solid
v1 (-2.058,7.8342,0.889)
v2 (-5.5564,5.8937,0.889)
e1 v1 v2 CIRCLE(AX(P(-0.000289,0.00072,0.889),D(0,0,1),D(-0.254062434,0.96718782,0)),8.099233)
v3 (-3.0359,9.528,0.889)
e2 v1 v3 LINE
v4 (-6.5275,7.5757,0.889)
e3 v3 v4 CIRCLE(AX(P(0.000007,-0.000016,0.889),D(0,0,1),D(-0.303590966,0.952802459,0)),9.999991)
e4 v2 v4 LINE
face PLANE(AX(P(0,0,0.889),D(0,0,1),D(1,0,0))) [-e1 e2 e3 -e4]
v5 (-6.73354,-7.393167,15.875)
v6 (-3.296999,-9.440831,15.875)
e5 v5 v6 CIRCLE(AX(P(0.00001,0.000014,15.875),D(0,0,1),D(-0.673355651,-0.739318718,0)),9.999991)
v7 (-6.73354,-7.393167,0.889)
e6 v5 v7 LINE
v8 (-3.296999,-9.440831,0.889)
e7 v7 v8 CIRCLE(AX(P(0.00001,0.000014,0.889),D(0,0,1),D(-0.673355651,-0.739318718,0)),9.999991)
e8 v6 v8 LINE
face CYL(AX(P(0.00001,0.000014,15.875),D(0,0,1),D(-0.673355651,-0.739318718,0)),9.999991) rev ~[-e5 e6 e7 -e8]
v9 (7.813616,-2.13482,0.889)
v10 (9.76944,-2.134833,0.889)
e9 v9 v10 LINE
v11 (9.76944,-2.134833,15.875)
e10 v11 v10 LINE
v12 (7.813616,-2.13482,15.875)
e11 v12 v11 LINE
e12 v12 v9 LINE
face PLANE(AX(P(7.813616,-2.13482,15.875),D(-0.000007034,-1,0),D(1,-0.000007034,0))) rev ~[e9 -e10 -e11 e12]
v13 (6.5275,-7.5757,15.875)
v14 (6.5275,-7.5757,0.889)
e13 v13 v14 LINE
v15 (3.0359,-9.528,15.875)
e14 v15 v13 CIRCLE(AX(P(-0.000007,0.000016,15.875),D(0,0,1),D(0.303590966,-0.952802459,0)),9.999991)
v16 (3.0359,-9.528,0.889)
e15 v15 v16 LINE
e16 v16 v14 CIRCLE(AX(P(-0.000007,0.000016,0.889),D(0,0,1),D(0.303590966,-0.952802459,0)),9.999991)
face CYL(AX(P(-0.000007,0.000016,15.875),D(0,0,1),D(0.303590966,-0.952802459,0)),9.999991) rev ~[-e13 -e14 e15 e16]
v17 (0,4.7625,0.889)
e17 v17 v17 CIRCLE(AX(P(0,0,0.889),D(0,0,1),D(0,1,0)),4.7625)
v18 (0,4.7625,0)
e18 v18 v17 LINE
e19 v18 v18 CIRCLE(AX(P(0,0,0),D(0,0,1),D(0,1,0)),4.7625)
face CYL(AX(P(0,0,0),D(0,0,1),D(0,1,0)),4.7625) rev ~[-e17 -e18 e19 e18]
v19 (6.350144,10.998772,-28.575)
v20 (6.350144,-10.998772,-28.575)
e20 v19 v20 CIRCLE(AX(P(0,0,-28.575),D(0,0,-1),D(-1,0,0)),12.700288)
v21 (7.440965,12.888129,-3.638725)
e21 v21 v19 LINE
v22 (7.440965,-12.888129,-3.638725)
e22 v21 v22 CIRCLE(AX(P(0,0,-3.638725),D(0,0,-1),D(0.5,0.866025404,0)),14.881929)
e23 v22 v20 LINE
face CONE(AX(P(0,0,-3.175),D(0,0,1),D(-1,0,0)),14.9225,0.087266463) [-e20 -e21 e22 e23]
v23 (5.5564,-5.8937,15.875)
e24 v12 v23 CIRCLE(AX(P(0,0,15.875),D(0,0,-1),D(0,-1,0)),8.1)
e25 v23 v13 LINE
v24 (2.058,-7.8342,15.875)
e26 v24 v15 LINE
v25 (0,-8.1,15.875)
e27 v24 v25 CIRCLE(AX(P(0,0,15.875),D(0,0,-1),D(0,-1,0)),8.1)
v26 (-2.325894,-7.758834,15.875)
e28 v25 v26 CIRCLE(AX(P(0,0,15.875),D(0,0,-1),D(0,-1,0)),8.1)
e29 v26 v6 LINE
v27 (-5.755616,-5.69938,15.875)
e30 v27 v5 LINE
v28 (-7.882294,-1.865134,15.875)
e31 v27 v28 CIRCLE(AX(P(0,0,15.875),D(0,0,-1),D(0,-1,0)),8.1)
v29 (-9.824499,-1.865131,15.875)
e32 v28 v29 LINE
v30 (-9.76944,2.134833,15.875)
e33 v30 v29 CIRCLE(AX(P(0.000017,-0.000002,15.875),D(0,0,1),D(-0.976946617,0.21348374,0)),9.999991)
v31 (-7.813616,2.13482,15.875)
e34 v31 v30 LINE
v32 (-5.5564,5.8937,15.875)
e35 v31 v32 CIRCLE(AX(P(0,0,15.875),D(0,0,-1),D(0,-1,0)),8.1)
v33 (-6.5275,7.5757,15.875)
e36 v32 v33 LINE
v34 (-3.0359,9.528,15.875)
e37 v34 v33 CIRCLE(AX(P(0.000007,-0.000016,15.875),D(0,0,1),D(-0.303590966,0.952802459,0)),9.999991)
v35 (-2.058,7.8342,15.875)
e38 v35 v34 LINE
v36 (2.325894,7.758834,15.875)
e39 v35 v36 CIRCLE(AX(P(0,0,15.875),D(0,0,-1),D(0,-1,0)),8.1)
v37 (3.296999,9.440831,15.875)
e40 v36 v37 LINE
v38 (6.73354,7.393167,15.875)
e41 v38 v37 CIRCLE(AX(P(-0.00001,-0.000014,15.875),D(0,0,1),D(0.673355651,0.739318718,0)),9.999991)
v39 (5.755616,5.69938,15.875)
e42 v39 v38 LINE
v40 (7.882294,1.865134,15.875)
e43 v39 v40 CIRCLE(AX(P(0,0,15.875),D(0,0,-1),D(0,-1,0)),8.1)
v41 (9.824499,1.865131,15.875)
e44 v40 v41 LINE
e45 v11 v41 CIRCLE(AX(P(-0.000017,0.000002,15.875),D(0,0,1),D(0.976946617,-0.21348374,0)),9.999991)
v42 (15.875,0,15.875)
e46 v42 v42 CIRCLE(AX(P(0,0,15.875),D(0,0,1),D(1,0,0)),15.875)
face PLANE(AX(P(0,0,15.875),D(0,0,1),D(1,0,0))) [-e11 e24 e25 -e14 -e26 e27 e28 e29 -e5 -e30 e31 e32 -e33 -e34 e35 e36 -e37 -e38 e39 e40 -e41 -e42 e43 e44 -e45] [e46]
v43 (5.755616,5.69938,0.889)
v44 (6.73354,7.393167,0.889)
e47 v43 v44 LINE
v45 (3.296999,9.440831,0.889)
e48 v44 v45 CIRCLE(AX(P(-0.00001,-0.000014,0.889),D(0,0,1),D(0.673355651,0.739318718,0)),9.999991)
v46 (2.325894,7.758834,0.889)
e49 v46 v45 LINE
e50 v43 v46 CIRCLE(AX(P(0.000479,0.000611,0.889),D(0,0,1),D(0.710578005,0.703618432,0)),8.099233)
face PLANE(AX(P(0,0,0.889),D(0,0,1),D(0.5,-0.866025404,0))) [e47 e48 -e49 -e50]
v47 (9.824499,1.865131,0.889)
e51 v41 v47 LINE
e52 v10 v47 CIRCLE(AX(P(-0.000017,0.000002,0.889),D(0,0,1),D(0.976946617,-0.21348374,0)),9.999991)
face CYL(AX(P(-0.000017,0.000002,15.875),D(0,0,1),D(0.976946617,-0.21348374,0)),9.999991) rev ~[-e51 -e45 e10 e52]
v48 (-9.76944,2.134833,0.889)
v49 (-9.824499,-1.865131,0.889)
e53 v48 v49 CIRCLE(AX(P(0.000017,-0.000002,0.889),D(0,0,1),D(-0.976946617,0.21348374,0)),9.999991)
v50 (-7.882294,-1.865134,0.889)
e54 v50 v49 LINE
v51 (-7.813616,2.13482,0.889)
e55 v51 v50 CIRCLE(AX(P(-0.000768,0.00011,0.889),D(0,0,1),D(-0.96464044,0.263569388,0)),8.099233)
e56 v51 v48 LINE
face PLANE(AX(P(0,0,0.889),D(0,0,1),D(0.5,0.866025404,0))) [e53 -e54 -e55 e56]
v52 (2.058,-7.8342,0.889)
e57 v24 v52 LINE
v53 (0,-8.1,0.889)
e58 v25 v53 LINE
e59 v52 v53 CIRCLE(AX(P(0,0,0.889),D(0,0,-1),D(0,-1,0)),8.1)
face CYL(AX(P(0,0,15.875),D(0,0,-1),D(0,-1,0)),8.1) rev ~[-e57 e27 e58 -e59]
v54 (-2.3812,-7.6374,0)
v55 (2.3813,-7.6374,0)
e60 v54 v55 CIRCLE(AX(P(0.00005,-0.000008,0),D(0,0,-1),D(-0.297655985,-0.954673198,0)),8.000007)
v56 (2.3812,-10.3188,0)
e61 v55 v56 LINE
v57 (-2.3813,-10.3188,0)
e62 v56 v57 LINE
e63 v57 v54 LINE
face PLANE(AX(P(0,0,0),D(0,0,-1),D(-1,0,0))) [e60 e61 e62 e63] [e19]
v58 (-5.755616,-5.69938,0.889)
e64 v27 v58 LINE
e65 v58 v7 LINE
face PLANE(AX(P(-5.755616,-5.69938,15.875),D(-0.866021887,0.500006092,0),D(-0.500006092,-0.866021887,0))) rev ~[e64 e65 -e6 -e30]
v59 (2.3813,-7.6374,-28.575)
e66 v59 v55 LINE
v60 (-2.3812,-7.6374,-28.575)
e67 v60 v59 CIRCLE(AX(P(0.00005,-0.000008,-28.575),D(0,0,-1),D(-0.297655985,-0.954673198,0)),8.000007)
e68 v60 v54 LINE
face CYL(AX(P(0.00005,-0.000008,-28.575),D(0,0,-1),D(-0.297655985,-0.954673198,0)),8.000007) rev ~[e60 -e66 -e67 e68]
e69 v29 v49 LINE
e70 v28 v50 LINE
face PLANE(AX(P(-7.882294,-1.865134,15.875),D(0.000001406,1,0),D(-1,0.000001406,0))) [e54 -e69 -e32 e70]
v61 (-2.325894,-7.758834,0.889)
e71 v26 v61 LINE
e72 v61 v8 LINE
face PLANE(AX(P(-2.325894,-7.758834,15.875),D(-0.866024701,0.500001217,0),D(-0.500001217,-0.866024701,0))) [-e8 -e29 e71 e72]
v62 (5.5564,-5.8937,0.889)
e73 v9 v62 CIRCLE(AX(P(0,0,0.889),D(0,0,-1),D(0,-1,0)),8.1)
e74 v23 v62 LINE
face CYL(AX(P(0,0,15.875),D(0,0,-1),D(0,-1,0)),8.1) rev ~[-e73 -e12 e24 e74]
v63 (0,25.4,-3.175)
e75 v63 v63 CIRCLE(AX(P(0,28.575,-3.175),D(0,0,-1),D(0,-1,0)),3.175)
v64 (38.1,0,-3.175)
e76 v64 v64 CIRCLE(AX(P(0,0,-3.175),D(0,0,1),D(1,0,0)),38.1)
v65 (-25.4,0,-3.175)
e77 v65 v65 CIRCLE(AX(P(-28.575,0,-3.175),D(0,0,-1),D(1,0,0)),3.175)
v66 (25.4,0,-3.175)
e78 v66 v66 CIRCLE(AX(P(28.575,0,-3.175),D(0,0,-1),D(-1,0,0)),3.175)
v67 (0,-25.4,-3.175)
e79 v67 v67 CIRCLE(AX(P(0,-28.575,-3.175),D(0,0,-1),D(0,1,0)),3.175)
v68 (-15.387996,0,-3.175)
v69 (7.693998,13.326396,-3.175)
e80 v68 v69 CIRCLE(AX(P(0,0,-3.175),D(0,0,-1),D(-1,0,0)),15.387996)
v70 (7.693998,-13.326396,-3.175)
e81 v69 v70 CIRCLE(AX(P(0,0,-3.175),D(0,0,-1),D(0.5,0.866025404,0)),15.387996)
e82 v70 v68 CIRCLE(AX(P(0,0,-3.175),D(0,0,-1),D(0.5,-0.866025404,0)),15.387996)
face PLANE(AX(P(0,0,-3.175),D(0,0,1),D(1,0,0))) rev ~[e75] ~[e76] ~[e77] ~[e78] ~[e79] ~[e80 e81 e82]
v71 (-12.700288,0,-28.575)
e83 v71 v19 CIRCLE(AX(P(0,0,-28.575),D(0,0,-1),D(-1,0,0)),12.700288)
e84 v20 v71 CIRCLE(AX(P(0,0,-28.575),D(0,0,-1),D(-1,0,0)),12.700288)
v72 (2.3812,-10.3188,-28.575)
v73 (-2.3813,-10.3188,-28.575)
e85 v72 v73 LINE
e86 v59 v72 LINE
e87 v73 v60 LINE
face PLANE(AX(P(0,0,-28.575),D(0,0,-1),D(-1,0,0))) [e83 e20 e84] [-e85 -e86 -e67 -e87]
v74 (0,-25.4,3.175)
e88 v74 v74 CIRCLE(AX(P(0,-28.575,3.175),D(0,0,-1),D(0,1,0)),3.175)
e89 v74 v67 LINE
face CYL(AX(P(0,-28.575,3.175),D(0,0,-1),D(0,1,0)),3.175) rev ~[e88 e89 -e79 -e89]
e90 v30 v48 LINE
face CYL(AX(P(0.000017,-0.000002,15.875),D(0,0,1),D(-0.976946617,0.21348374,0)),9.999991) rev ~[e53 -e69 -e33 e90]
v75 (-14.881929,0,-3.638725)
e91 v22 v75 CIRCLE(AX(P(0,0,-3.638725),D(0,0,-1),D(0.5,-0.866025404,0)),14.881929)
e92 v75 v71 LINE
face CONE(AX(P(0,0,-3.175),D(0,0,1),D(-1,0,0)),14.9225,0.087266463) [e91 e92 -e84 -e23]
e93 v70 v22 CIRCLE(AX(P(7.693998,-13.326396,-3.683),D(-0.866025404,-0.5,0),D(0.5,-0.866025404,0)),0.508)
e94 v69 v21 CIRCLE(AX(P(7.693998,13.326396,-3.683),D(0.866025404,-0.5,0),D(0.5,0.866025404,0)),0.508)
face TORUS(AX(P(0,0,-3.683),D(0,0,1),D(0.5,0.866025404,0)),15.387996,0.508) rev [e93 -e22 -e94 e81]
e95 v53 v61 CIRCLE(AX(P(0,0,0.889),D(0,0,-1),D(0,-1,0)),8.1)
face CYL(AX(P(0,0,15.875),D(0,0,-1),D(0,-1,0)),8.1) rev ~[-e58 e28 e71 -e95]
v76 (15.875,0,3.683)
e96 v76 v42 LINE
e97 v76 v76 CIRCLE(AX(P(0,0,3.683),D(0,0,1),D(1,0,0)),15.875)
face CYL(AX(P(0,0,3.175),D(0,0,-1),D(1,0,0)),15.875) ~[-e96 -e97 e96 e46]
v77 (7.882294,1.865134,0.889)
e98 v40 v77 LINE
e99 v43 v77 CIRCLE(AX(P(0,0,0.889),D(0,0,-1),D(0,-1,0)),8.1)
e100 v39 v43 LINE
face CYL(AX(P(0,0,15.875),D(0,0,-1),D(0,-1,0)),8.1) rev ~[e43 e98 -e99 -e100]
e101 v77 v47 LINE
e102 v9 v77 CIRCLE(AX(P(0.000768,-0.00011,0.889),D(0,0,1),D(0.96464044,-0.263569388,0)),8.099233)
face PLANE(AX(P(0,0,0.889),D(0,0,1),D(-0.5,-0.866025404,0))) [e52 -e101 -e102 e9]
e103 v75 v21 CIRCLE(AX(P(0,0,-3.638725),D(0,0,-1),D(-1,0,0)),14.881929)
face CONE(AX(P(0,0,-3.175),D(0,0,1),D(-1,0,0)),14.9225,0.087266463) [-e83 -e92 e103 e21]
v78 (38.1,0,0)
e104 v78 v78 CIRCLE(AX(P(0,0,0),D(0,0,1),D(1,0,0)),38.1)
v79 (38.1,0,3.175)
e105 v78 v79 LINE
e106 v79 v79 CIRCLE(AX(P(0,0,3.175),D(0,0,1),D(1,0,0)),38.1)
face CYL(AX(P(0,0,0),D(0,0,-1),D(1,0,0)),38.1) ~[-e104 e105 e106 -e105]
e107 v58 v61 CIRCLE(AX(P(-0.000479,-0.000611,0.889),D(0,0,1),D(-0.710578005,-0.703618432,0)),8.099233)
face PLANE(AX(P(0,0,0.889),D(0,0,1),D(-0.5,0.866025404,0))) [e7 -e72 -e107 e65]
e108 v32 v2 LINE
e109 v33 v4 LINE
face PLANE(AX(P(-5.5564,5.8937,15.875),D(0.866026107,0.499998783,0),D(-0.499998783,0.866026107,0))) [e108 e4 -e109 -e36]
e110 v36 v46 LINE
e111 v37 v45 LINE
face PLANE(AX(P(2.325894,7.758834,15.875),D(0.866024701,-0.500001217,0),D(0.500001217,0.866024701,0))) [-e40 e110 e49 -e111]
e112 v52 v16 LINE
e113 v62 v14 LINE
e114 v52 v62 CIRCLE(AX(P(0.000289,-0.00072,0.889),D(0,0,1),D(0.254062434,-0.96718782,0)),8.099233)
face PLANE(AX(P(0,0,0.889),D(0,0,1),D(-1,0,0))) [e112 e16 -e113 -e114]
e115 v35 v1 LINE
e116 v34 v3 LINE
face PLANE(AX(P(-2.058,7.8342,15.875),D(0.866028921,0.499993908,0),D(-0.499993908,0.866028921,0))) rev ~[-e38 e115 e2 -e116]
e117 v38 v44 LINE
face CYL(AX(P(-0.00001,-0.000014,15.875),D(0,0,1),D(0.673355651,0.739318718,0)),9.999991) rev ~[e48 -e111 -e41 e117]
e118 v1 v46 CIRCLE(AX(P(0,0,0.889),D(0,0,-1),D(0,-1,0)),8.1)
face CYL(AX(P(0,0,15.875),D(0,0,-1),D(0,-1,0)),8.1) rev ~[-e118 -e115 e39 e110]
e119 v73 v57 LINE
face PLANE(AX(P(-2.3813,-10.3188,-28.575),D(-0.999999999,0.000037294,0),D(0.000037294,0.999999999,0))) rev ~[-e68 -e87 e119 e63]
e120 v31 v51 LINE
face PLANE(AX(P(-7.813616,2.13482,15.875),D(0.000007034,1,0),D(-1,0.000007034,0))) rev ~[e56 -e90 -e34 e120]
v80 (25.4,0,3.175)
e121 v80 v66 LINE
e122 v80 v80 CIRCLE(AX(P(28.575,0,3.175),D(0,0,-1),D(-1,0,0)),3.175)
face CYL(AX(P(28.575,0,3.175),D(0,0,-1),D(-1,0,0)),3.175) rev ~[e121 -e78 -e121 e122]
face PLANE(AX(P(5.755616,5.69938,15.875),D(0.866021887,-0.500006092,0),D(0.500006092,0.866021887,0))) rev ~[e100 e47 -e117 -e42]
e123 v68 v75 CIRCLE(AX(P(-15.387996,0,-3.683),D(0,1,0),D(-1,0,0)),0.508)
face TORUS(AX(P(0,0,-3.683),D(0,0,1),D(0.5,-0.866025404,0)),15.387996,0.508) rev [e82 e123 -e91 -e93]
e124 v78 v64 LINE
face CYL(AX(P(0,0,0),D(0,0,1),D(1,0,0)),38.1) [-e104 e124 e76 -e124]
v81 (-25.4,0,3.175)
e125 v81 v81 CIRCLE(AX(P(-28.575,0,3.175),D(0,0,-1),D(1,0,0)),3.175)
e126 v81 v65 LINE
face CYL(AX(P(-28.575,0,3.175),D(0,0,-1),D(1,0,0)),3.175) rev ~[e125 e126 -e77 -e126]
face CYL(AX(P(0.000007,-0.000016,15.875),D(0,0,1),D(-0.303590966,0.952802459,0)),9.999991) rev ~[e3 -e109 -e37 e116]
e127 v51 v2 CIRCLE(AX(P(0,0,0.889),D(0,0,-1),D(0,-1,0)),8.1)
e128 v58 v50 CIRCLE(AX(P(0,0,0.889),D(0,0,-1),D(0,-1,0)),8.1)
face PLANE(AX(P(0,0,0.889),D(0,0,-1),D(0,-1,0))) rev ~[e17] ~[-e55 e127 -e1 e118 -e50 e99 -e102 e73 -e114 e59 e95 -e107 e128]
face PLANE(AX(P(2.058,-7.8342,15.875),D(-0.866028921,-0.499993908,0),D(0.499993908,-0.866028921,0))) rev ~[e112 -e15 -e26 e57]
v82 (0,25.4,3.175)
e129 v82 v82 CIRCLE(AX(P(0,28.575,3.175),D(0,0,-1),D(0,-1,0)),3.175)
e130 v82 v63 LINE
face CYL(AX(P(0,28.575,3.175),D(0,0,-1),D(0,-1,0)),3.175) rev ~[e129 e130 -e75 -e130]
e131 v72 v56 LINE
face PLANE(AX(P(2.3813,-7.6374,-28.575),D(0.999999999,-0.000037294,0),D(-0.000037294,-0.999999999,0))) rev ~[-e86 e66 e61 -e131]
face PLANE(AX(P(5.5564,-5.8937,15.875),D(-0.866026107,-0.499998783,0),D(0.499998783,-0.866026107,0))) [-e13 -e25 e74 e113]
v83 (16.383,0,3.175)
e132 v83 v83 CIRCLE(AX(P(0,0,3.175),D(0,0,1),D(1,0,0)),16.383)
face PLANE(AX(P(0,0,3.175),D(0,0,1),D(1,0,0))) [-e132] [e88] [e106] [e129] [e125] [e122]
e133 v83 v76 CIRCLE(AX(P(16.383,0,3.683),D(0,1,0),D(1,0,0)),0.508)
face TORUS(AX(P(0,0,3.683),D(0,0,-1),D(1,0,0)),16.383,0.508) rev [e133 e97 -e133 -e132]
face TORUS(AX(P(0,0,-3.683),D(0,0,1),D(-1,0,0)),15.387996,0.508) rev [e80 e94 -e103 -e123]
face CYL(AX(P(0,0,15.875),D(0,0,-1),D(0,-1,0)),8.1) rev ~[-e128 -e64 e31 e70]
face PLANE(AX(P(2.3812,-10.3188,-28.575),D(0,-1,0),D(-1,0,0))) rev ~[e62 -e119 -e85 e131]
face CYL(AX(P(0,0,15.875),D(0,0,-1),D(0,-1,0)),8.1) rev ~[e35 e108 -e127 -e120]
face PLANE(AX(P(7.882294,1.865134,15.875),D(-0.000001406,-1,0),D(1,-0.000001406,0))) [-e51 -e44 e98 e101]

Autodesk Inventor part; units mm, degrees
ref_plane "YZ Plane" through (0, 0, 0) normal (1, 0, 0) x (0, 1, 0)
ref_plane "XZ Plane" through (0, 0, 0) normal (0, 1, 0) x (-1, 0, 0)
ref_plane "XY Plane" through (0, 0, 0) normal (0, 0, 1) x (1, 0, 0)
sketch "Sketch1" plane through (0, 0, 0) normal (0, 0, 1) x (1, 0, 0)
  circle A0 centre (0, 0) radius 38.1
  dimension "d2" = 76.2
extrude "Extrusion1" add sketch "Sketch1" along normal mid plane 6.35
sketch "Sketch2" plane through (0, 0, 3.175) normal (0, 0, 1) x (1, 0, 0)
  circle A0 centre (0, 0) radius 38.1 projected
  point P0 (0, 28.575)
  dimension "d3" = 0
  dimension "d4" = 28.575
hole "Mounting Hole" at (0, 28.575, 3.175) direction (0, 0, -1) diameter 6.35 end through all
pattern_circular "Circular Pattern1" count 4 over 360 about axis through (0, 0, 0) along (0, 0, 1) of "Mounting Hole"
sketch "Sketch3" plane through (0, 0, 3.175) normal (0, 0, 1) x (1, 0, 0)
  circle A0 centre (0, 0) radius 38.1 projected
  circle A1 centre (0, 0) radius 15.875
  dimension "d15" = 31.75
extrude "Extrusion2" add sketch "Sketch3" along normal blind 12.7 contours A1
sketch "Sketch8" plane through (0, 0, 15.875) normal (0, 0, 1) x (1, 0, 0)
  circle A0 centre (0, 0) radius 15.875 projected
hole "Hole3" at (0, 0, 15.875) direction (0, 0, -1) diameter 16.2 depth 14.986
sketch "Sketch4" plane through (0, 0, 15.875) normal (0, 0, 1) x (1, 0, 0)
  arc A0 (-3.0359, 9.528) -> (-6.5275, 7.5757) centre (0, 0) ccw
  circle A1 centre (0, 0) radius 15.875 projected
  line L0 (0, 0) -> (-5, 8.6603) construction
  line L1 (0, 0) -> (-10.16, 0) construction
  line L2 (-2.058, 7.8342) -> (-3.0359, 9.528)
  line L3 (-5.5564, 5.8937) -> (-6.5275, 7.5757)
  arc A2 (-2.058, 7.8342) -> (-5.5564, 5.8937) centre (0, 0) ccw
  circle A3 centre (0, 0) radius 8.1 projected
  dimension "d46" = 60
  dimension "d47" = 4
  dimension "d48" = 20
extrude "Extrusion3" cut sketch "Sketch4" against normal up to surface (14.986 mm away) contours L2 A2 L3 A0
pattern_circular "Circular Pattern2" count 6 over 360 about axis through (0, 0, 0) along (0, 0, 1) of "Extrusion3"
sketch "Sketch5" plane through (0, 0, -3.175) normal (0, 0, -1) x (-1, 0, 0)
  circle A0 centre (0, 0) radius 38.1 projected
  circle A1 centre (0, 0) radius 14.9225
  dimension "d27" = 29.845
extrude "Extrusion4" add sketch "Sketch5" along normal blind 25.4 draft -5 contours A1
sketch "Sketch6" plane through (0, 0, -28.575) normal (0, 0, -1) x (-1, 0, 0)
  circle A0 centre (0, 0) radius 12.7003 projected
  arc A1 (2.3812, -7.6374) -> (-2.3813, -7.6374) centre (0, 0) ccw
  line L0 (-2.3813, -7.6374) -> (-2.3812, -10.3188)
  line L1 (-2.3812, -10.3188) -> (2.3813, -10.3188)
  line L2 (2.3813, -10.3188) -> (2.3812, -7.6374)
  dimension "d31" = 16
  dimension "d32" = 4.7625
  dimension "d33" = 10.3187
extrude "Extrusion5" cut sketch "Sketch6" against normal blind 28.575 contours L2 L1 L0 A1
sketch "Sketch7" plane through (0, 0, 0) normal (0, 0, -1) x (-1, 0, 0)
  arc A0 (2.3812, -7.6374) -> (-2.3813, -7.6374) centre (0, 0) ccw projected
  point P0 (0, 0)
hole "Hole2" at (0, 0, 0) direction (0, 0, 1) diameter 9.525 end through all
fillet "Fillet1" radius 0.508 2 edges at (14.9225, 0, -3.175) (-15.875, 0, 3.175)
properties part number "Nippon-Denso Gear Coupler" material "ABS Plastic"
